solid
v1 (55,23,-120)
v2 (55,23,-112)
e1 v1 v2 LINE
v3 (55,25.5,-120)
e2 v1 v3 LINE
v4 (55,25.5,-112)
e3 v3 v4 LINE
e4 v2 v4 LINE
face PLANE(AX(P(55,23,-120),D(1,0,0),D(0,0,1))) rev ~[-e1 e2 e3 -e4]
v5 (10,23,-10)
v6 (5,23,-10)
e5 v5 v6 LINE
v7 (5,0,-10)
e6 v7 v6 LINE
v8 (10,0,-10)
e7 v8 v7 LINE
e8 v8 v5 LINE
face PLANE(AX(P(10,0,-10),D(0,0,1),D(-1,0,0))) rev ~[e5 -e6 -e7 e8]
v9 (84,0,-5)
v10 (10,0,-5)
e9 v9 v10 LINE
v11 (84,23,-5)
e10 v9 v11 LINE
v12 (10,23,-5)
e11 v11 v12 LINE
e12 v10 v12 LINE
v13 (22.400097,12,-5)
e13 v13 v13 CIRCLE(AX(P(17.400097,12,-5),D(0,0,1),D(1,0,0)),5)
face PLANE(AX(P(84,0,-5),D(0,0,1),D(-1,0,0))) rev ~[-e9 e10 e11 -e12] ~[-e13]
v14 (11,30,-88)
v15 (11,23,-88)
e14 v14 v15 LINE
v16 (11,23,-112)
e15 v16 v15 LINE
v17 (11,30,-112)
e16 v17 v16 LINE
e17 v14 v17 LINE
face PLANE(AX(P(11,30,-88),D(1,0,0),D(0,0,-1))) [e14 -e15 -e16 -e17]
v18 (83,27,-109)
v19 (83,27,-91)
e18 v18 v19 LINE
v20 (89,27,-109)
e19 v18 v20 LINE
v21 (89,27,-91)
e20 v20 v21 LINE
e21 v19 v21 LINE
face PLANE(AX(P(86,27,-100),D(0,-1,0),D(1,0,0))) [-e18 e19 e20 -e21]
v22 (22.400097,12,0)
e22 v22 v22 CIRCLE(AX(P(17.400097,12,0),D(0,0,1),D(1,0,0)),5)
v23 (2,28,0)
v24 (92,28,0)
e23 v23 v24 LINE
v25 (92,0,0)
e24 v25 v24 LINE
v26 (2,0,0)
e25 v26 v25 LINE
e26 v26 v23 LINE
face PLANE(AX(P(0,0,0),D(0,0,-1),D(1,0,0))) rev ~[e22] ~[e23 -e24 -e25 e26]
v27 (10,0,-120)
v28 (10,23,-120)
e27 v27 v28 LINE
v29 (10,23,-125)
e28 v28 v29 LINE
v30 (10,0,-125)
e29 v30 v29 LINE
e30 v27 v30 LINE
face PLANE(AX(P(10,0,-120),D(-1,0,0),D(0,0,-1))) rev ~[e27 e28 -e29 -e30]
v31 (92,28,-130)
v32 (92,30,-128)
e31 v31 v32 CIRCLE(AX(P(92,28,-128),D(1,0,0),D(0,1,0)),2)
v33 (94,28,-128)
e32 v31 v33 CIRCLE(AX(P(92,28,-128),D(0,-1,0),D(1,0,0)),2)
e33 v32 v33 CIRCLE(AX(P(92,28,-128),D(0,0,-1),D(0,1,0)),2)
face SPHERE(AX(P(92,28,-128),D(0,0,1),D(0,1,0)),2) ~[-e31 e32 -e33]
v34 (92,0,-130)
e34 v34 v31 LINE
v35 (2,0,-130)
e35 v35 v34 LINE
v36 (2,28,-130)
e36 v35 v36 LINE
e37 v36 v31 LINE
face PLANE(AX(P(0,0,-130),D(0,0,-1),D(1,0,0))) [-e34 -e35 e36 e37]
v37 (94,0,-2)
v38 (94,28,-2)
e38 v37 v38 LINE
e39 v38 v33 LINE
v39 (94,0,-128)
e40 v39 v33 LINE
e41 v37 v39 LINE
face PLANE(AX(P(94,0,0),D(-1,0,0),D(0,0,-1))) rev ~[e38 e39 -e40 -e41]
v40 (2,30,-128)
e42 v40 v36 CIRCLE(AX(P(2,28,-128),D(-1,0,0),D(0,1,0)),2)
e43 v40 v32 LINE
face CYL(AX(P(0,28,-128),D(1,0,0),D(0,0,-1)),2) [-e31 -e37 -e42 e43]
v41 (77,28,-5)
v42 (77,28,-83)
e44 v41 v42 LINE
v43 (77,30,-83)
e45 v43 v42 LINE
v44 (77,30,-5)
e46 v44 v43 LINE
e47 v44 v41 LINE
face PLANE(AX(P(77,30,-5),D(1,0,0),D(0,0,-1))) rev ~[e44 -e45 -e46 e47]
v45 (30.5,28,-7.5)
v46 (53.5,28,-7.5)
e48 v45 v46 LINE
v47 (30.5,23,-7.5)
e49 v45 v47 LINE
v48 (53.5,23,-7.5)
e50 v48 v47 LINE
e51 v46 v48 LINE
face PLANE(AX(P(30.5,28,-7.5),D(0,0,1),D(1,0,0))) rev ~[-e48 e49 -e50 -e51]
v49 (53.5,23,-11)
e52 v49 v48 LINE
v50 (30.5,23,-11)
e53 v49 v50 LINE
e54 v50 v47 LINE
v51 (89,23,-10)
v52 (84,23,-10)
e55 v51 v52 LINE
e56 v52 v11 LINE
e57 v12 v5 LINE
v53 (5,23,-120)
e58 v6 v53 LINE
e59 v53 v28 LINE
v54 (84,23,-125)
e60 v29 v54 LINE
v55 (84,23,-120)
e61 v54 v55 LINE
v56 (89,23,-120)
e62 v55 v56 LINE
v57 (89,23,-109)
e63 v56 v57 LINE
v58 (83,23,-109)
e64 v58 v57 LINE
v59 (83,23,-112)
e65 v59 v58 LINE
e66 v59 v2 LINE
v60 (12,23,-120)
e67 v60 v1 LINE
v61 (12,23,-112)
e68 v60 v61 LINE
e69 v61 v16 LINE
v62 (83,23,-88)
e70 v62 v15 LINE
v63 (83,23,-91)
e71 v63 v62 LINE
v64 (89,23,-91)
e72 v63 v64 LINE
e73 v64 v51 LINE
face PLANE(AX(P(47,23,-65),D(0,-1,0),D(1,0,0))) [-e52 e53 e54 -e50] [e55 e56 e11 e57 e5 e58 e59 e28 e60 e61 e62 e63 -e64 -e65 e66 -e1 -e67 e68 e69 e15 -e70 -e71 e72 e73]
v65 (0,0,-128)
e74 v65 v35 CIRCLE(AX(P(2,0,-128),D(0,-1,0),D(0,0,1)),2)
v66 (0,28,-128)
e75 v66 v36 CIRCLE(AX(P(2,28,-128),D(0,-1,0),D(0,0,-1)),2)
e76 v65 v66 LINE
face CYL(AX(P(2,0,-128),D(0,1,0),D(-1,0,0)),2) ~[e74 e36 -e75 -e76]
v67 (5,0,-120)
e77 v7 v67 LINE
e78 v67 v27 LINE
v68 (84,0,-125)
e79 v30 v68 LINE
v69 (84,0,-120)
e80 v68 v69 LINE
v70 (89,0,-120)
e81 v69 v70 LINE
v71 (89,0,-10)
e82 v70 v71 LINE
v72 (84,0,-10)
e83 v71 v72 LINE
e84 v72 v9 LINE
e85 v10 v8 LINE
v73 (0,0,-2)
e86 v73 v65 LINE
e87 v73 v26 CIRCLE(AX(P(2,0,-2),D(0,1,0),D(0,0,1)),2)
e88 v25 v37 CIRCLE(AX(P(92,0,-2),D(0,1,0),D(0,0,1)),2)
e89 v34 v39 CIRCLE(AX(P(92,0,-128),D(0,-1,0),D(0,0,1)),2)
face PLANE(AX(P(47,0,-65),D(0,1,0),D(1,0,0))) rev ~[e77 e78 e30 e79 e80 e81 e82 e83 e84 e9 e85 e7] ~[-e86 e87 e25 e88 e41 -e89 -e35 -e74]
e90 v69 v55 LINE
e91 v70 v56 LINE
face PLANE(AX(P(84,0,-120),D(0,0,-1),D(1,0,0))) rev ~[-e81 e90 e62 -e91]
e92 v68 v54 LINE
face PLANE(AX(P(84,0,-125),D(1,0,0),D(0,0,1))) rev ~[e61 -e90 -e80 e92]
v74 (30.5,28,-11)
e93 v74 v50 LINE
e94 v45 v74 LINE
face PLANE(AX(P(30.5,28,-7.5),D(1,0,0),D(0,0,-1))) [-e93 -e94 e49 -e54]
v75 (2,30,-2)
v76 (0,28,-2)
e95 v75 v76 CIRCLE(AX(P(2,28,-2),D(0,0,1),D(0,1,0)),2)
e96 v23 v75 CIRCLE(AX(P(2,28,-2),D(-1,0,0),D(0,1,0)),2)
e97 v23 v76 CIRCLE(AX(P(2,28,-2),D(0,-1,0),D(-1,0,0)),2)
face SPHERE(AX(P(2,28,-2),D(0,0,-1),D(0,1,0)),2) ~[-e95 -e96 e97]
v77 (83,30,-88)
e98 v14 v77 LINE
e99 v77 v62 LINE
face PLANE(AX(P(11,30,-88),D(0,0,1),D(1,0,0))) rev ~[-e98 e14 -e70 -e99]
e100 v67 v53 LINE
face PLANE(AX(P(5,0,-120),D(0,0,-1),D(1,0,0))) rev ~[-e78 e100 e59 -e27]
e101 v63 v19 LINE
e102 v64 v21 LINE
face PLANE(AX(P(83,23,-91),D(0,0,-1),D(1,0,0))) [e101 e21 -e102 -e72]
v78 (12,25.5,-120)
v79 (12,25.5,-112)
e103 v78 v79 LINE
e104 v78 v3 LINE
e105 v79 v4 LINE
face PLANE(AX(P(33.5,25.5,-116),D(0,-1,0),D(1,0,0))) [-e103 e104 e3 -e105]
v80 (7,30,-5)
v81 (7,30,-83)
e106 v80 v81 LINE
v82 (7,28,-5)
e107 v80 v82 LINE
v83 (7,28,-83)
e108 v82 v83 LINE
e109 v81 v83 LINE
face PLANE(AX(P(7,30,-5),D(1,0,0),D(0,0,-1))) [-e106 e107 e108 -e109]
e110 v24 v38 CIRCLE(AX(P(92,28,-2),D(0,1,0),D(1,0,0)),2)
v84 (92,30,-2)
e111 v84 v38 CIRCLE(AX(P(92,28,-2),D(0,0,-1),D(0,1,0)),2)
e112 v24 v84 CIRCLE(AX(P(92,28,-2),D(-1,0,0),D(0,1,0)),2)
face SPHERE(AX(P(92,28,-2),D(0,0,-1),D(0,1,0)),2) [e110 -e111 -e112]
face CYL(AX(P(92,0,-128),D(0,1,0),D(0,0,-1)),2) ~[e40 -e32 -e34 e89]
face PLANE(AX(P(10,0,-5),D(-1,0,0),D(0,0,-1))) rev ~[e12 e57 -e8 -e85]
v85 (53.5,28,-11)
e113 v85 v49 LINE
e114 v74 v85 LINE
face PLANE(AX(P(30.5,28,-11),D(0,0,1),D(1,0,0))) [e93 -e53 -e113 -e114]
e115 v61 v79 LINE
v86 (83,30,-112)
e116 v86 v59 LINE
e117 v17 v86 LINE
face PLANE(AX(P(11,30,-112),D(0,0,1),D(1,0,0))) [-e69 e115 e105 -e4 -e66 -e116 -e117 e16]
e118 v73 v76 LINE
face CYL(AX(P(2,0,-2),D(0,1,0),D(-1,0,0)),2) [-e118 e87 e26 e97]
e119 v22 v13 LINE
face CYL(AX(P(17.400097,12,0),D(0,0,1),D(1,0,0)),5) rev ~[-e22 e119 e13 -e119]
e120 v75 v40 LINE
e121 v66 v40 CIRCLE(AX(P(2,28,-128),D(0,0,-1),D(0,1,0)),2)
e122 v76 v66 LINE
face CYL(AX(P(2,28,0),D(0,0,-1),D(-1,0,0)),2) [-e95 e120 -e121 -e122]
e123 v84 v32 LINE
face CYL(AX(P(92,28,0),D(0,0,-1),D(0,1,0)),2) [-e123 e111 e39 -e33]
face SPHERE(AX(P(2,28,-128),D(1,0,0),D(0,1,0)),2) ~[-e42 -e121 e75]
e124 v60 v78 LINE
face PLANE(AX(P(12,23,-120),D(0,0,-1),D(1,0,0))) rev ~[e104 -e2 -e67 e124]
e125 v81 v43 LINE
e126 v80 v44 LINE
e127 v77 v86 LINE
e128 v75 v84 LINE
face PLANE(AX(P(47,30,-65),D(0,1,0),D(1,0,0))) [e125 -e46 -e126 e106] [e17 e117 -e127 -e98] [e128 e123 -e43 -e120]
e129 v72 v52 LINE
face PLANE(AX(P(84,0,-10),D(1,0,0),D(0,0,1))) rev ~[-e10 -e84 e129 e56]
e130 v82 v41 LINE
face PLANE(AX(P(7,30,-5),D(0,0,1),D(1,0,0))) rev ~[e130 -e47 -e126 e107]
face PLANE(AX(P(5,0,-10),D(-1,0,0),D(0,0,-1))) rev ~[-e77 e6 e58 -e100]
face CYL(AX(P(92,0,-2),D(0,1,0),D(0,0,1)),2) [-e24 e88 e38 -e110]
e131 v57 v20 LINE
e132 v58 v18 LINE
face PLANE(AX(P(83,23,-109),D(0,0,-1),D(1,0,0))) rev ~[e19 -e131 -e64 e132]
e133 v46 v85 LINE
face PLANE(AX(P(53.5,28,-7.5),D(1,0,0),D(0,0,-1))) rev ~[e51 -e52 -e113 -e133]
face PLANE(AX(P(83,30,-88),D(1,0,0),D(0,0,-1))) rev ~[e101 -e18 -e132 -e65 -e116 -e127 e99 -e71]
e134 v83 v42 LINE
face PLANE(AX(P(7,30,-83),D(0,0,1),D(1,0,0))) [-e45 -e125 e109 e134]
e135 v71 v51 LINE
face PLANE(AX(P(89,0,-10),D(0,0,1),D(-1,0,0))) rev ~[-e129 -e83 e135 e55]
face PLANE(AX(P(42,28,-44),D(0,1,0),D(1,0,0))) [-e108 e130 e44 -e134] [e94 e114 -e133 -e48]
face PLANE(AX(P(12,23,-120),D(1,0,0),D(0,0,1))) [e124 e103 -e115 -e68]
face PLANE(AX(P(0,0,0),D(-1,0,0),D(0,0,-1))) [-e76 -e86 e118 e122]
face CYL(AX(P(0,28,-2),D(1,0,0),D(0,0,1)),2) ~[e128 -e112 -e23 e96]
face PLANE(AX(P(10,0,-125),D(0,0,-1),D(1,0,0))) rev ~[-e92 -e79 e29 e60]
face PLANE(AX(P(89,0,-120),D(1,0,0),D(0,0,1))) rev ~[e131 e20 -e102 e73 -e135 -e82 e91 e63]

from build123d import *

# Parameters (mm, degrees)
SKETCH1_W           = 94
SKETCH1_H           = 130
BOSS_EXTRUDE1_DEPTH = 30
CUT_EXTRUDE2_DEPTH  = 23
SKETCH7_W           = 72
SKETCH7_H           = 24
CUT_EXTRUDE3_DEPTH  = 164.205392068
SKETCH8_W           = 6
SKETCH8_H           = 18
CUT_EXTRUDE4_DEPTH  = 4
SKETCH9_W           = 43
SKETCH9_H           = 8
CUT_EXTRUDE5_DEPTH  = 2.5
SKETCH10_W          = 70
SKETCH10_H          = 78
CUT_EXTRUDE6_DEPTH  = 2
SKETCH11_W          = 23
SKETCH11_H          = 3.5
CUT_EXTRUDE7_DEPTH  = 163.849623887
FILLET1_R           = 2
SKETCH12_R          = 5
CUT_EXTRUDE8_DEPTH  = 10


with BuildPart() as part:
    # Sketch1 → Boss-Extrude1 (new body)
    with BuildSketch(Plane(origin=(0, 0, 0), x_dir=(1, 0, 0), z_dir=(0, 1, 0))):
        with Locations((47, 65)):
            Rectangle(SKETCH1_W, SKETCH1_H)
    extrude(amount=BOSS_EXTRUDE1_DEPTH)

    # Sketch6 → Cut-Extrude2 (cut)
    with BuildSketch(Plane.XZ):
        Polygon((84, -125), (84, -120), (89, -120), (89, -10), (84, -10), (84, -5), (10, -5), (10, -10), (5, -10), (5, -120), (10, -120), (10, -125), align=None)
    extrude(amount=-CUT_EXTRUDE2_DEPTH, mode=Mode.SUBTRACT)

    # Sketch7 → Cut-Extrude3 (cut, through all)
    with BuildSketch(Plane(origin=(0, 30, 0), x_dir=(1, 0, 0), z_dir=(0, 1, 0))):
        with Locations((47, 100)):
            Rectangle(SKETCH7_W, SKETCH7_H)
    extrude(amount=-CUT_EXTRUDE3_DEPTH, mode=Mode.SUBTRACT)

    # Sketch8 → Cut-Extrude4 (cut)
    with BuildSketch(Plane.XZ.offset(-23)):
        with Locations((86, -100)):
            Rectangle(SKETCH8_W, SKETCH8_H)
    extrude(amount=-CUT_EXTRUDE4_DEPTH, mode=Mode.SUBTRACT)

    # Sketch9 → Cut-Extrude5 (cut)
    with BuildSketch(Plane.XZ.offset(-23)):
        with Locations((33.5, -116)):
            Rectangle(SKETCH9_W, SKETCH9_H)
    extrude(amount=-CUT_EXTRUDE5_DEPTH, mode=Mode.SUBTRACT)

    # Sketch10 → Cut-Extrude6 (cut)
    with BuildSketch(Plane(origin=(0, 30, 0), x_dir=(1, 0, 0), z_dir=(0, 1, 0))):
        with Locations((42, 44)):
            Rectangle(SKETCH10_W, SKETCH10_H)
    extrude(amount=-CUT_EXTRUDE6_DEPTH, mode=Mode.SUBTRACT)

    # Sketch11 → Cut-Extrude7 (cut, through all)
    with BuildSketch(Plane(origin=(0, 28, 0), x_dir=(1, 0, 0), z_dir=(0, 1, 0))):
        with Locations((42, 9.25)):
            Rectangle(SKETCH11_W, SKETCH11_H)
    extrude(amount=-CUT_EXTRUDE7_DEPTH, mode=Mode.SUBTRACT)

    # Fillet1
    fillet1_edges = [part.edges().sort_by_distance(p)[0] for p in [
        (94, 30, -65),
        (47, 30, -130),
        (0, 30, -65),
        (47, 30, 0),
        (0, 15, -130),
        (94, 15, -130),
        (94, 15, 0),
        (0, 15, 0),
    ]]
    fillet(fillet1_edges, radius=FILLET1_R)

    # Sketch12 → Cut-Extrude8 (cut)
    with BuildSketch(Plane.XY):
        with Locations((17.400096769, 12)):
            Circle(SKETCH12_R)
    extrude(amount=-CUT_EXTRUDE8_DEPTH, mode=Mode.SUBTRACT)


solid = part.part
